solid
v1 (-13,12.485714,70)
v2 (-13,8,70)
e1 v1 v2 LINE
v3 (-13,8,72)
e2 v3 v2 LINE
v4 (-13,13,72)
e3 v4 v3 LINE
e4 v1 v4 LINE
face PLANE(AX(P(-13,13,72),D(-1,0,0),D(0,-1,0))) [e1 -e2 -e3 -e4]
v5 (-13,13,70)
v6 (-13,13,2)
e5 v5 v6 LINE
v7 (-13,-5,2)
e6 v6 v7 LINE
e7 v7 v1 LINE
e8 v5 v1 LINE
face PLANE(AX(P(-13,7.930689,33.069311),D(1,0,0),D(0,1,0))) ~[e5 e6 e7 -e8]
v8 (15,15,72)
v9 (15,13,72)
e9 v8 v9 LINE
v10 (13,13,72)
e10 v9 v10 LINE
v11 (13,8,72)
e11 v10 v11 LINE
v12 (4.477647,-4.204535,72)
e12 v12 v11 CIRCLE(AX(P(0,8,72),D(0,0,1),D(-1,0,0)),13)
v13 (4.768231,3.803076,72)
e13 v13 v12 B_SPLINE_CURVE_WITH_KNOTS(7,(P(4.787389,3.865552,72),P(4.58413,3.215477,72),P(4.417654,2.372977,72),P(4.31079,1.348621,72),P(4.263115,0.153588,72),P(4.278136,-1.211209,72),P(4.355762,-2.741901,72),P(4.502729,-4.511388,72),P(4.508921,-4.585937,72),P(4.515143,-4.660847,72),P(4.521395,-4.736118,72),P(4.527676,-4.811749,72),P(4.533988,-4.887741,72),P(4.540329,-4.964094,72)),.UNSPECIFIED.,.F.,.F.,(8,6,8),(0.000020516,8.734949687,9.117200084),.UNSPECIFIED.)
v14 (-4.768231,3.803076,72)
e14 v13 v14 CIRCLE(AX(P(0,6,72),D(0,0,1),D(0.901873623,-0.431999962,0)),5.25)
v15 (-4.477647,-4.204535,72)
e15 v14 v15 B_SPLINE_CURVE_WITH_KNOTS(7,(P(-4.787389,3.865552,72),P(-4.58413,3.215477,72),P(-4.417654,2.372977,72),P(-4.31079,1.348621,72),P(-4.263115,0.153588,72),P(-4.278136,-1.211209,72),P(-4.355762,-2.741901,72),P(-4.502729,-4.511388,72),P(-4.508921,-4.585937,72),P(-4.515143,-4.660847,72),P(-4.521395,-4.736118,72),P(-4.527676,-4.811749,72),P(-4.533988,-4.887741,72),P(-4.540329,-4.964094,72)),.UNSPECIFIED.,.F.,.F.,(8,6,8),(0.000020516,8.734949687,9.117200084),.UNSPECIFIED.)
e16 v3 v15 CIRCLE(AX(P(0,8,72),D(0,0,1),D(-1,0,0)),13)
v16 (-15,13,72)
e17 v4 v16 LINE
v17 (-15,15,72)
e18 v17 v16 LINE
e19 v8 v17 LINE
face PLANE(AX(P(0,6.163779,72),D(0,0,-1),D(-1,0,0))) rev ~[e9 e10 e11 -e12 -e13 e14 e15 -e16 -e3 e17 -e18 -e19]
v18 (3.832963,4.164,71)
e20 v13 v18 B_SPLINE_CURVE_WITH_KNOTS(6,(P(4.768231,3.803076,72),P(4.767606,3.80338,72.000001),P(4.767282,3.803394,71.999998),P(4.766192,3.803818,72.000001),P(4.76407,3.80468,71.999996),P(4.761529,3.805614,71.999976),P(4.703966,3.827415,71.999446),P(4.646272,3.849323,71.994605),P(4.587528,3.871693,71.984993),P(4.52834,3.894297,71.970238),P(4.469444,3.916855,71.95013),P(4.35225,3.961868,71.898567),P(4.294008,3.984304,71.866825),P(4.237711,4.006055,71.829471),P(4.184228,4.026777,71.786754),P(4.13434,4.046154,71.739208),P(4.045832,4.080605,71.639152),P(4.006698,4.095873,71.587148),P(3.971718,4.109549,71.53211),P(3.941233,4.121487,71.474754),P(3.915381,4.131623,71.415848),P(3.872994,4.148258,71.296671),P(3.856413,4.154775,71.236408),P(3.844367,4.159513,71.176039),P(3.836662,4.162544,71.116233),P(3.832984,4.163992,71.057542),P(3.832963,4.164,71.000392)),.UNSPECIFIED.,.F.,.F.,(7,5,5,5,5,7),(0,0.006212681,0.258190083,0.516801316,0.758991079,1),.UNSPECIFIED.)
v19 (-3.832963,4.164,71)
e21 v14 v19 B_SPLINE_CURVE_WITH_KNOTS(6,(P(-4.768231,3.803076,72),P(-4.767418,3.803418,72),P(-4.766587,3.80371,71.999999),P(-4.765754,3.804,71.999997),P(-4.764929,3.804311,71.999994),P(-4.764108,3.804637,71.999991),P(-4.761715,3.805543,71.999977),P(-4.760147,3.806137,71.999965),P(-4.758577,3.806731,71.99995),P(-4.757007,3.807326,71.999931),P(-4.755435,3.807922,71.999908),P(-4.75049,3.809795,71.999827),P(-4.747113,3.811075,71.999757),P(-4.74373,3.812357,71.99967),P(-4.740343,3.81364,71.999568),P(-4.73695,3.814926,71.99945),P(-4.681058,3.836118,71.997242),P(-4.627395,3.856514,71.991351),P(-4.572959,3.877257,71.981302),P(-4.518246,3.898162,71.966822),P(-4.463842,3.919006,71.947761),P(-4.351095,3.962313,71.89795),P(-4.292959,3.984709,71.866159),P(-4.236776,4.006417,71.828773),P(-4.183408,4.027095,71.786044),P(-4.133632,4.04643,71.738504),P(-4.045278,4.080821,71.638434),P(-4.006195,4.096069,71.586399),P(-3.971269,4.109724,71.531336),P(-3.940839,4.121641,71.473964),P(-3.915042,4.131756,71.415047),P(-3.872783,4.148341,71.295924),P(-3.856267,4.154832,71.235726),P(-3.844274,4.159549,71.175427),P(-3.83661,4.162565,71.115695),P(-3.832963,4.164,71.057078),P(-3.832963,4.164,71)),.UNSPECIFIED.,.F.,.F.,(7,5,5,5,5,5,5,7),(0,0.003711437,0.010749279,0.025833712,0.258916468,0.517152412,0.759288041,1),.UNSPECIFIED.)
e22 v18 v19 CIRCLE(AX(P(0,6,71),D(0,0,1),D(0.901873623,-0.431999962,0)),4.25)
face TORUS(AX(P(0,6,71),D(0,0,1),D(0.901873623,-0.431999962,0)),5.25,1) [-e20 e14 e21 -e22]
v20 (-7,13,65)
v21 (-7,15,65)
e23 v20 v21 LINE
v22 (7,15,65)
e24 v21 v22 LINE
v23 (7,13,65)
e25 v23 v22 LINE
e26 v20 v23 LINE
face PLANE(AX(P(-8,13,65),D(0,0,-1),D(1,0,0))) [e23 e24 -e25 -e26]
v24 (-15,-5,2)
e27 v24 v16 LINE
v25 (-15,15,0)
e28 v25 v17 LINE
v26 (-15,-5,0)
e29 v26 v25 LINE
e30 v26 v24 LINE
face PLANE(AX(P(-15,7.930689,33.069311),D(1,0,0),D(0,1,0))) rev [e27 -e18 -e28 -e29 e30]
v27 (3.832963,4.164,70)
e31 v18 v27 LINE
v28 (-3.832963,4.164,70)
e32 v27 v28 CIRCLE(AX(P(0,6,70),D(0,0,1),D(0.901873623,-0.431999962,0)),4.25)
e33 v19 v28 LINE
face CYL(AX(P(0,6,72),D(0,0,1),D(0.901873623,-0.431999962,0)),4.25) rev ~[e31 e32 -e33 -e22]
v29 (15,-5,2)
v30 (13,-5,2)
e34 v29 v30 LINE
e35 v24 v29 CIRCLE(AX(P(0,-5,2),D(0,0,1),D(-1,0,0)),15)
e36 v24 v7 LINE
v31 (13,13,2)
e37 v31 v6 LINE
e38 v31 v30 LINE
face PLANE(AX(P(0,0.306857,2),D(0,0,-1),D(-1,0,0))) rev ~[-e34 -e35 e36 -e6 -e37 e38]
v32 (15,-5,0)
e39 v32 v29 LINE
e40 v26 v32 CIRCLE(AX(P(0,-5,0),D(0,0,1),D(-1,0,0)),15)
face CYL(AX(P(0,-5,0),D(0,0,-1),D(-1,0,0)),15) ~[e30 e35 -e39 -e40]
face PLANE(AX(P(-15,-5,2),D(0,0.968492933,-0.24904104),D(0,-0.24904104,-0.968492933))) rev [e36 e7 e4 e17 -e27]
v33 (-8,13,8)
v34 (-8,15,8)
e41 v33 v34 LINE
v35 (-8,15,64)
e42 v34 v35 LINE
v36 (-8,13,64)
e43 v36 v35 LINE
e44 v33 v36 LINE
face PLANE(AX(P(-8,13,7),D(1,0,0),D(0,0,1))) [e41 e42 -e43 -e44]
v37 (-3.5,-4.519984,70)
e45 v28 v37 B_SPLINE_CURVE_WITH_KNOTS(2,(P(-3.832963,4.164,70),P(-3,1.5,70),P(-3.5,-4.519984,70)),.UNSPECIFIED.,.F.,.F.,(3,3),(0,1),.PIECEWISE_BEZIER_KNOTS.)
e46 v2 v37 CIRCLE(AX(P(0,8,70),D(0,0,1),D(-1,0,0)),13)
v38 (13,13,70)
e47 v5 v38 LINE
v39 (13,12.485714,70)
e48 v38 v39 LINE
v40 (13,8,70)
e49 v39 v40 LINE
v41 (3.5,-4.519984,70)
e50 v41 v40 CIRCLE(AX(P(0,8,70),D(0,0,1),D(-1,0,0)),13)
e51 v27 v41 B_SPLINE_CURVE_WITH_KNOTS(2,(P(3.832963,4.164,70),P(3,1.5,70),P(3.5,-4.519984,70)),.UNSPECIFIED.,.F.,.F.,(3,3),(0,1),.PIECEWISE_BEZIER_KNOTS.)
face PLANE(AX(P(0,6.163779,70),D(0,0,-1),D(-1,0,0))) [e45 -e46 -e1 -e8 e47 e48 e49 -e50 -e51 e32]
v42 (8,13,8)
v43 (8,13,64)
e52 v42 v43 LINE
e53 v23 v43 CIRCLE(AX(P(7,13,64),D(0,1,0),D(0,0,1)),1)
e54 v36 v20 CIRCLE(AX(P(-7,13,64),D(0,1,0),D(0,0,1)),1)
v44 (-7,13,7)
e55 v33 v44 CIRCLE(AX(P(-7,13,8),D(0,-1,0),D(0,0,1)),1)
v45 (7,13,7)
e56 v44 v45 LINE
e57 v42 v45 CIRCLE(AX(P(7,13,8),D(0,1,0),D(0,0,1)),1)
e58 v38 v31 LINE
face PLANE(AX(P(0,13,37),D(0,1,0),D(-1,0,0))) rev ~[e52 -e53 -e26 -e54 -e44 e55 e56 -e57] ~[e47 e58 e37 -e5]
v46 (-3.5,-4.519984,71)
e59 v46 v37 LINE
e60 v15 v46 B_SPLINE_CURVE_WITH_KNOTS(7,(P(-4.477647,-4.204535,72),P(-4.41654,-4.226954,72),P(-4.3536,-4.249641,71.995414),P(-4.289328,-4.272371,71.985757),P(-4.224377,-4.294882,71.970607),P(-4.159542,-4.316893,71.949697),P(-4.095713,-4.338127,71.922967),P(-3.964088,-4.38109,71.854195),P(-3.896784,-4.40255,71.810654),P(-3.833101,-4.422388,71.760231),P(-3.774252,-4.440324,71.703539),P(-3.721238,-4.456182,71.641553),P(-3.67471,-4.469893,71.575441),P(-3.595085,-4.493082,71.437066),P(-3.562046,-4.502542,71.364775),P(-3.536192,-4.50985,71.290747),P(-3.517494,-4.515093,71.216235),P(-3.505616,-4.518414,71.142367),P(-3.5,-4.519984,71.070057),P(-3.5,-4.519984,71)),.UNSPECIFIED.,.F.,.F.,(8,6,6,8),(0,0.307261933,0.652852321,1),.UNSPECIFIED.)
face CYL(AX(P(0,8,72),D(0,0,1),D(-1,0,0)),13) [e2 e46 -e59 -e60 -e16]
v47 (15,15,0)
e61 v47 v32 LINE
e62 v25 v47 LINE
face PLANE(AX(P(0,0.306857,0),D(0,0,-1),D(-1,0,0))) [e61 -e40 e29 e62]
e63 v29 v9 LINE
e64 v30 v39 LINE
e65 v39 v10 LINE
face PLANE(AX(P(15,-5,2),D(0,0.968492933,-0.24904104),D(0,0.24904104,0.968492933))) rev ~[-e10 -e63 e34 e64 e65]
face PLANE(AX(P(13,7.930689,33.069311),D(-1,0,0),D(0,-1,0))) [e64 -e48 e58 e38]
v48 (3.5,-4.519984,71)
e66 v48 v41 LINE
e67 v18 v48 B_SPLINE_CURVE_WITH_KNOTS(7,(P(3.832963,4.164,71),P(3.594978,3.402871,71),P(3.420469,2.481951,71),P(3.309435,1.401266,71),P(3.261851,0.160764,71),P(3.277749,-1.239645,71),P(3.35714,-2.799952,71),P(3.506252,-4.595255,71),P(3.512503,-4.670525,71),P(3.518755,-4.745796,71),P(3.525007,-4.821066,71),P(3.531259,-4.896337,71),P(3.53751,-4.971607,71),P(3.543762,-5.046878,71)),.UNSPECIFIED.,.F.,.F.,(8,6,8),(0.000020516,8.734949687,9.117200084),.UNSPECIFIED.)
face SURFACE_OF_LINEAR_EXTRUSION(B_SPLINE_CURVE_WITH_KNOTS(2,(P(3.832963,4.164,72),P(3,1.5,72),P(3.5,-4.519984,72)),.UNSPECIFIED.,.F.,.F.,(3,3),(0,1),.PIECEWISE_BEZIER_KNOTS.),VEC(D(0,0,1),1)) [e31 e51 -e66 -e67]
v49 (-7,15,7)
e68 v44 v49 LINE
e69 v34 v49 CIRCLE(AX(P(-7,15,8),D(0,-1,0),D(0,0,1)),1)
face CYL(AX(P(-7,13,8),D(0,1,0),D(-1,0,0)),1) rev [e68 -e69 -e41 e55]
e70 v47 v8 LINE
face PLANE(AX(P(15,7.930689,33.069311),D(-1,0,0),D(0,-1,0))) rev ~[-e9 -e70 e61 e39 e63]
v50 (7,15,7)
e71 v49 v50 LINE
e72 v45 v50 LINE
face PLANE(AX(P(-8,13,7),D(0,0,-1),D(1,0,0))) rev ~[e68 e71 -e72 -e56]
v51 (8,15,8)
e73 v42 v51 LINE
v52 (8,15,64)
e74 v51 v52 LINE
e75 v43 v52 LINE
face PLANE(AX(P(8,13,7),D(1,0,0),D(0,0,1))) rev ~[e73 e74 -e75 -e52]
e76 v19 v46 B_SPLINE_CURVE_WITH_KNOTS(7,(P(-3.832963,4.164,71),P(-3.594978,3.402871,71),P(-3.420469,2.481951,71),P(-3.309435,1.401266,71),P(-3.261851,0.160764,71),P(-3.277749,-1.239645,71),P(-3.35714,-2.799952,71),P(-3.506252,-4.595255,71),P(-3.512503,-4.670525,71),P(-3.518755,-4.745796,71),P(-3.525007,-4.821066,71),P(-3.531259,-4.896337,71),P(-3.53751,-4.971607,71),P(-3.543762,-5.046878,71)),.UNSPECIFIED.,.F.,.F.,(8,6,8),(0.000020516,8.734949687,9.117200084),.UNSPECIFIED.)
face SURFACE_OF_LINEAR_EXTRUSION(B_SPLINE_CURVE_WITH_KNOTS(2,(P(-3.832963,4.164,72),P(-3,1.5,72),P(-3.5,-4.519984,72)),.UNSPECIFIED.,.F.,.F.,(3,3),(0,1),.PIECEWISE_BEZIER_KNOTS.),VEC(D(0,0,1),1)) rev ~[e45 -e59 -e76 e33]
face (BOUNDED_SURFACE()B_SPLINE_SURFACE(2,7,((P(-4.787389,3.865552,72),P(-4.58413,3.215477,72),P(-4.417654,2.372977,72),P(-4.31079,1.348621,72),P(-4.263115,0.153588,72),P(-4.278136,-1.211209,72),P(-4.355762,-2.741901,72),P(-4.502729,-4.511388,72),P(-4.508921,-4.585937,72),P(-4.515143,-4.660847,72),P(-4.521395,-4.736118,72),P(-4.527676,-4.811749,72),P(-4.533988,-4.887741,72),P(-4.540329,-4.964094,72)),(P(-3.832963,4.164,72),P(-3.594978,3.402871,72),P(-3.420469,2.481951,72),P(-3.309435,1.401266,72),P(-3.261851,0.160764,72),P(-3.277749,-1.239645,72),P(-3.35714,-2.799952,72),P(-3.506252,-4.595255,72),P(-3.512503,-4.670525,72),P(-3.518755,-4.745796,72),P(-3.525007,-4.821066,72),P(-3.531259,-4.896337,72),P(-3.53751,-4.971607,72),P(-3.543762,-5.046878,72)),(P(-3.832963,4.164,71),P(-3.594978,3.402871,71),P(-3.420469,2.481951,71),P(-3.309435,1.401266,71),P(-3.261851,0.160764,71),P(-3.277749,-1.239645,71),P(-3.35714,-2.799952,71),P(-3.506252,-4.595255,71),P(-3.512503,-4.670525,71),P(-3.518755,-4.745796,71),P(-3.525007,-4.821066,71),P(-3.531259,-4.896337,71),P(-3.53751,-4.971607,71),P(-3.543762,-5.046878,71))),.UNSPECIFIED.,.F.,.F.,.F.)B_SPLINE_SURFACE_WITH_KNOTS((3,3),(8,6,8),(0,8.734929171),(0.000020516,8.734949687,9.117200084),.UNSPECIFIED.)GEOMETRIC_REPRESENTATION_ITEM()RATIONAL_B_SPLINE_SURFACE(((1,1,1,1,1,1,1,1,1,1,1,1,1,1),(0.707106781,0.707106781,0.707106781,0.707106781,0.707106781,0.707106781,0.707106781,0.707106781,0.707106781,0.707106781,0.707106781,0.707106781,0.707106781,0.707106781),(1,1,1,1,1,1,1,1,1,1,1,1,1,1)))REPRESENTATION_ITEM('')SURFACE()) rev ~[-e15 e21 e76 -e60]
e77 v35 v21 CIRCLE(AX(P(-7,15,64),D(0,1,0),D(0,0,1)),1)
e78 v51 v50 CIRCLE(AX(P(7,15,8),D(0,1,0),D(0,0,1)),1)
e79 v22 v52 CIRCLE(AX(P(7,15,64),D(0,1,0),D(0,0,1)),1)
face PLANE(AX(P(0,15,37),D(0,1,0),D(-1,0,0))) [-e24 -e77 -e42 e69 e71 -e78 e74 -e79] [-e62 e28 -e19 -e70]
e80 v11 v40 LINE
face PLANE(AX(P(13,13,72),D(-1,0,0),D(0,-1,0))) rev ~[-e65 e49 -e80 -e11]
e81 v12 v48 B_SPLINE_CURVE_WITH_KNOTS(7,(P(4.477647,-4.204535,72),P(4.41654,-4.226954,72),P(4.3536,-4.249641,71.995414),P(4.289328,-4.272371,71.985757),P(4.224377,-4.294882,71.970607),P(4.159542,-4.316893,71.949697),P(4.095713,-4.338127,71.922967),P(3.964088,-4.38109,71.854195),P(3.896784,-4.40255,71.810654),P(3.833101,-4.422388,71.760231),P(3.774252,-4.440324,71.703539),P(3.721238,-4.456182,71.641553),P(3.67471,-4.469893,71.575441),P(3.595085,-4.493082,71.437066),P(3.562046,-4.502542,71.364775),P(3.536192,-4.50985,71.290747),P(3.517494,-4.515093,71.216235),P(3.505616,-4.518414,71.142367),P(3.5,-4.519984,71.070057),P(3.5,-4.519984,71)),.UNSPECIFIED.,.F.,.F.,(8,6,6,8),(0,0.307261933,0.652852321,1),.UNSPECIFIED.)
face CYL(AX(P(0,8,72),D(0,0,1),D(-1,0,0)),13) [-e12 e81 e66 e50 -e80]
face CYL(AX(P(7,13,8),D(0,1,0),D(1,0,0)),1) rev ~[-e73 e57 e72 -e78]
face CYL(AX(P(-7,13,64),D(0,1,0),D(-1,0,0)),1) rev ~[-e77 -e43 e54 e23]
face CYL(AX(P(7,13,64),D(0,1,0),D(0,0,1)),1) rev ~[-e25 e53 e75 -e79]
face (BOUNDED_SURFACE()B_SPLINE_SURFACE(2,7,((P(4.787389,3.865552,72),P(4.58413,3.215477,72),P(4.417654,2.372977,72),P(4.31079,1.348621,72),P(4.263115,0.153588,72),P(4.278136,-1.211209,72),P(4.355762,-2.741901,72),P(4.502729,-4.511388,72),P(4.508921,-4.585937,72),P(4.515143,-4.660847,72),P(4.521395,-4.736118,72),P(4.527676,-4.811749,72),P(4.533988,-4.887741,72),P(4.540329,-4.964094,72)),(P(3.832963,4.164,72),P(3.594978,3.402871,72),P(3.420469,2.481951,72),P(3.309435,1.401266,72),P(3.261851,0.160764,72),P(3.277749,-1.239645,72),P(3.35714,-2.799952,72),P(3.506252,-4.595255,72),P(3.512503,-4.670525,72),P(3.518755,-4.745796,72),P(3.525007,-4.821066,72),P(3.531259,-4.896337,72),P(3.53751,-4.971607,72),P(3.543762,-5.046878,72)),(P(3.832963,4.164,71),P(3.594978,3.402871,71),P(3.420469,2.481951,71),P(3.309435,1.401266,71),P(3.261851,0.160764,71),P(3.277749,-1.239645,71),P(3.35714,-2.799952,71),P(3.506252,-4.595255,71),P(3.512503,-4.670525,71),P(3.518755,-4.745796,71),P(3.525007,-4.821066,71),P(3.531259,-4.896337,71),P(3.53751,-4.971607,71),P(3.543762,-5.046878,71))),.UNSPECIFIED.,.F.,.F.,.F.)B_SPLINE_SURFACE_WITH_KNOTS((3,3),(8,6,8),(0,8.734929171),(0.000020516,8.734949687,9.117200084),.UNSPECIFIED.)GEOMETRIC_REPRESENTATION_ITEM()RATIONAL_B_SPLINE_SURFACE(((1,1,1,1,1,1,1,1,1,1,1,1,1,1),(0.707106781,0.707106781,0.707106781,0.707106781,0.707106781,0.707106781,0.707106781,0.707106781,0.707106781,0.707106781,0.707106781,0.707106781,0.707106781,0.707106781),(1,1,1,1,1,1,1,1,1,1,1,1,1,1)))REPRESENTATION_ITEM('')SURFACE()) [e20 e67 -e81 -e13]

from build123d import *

# Parameters (mm, degrees)
PAD_DEPTH       = 2
SKETCH001_W     = 30
SKETCH001_H     = 70
PAD001_DEPTH    = 2
PAD002_DEPTH    = 2
PAD003_DEPTH    = 2
POCKET_DEPTH    = 2
SKETCH005_W     = 16
SKETCH005_H     = 58
POCKET001_DEPTH = 2
FILLET_R        = 1
FILLET001_R     = 1


with BuildPart() as part:
    # Sketch → Pad (new body)
    with BuildSketch(Plane.XY):
        with BuildLine():
            Line((-15, -5), (-15, 15))
            Line((-15, 15), (15, 15))
            Line((15, 15), (15, -5))
            ThreePointArc((-15, -5), (0, -20), (15, -5))
        make_face()
    extrude(amount=PAD_DEPTH)

    # Sketch001 (on Face2 of Pad) → Pad001 (join)
    with BuildSketch(Plane(origin=(0, 15, 0), x_dir=(-1, 0, 0), z_dir=(0, 1, 0))):
        with Locations((0, 37)):
            Rectangle(SKETCH001_W, SKETCH001_H)
    extrude(amount=-PAD001_DEPTH)

    # Sketch002 (on Face11 of Pad001) → Pad002 (join)
    with BuildSketch(Plane.YZ.offset(15)):
        Polygon((13, 72), (13, 2), (-5, 2), align=None)
    pad002 = extrude(amount=-PAD002_DEPTH)

    # Mirrored: Pad002 across YZ
    add(pad002.mirror(Plane.YZ))

    # Sketch003 (on Face11 of Mirrored) → Pad003 (join)
    with BuildSketch(Plane.XY.offset(72)):
        with BuildLine():
            Line((-13, 13), (13, 13))
            Line((13, 13), (13, 8))
            ThreePointArc((-13, 8), (0, -5), (13, 8))
            Line((-13, 13), (-13, 8))
        make_face()
    extrude(amount=-PAD003_DEPTH)

    # Sketch004 (on Face19 of Pad003) → Pocket (cut)
    with BuildSketch(Plane.XY.offset(72)):
        with BuildLine():
            ThreePointArc((3.832963, 4.164), (0, 10.25), (-3.832963, 4.164))
            add(Edge.make_bspline(
                [(-3.832963, 4.164), (-3, 1.5), (-3.5, -4.519984)],
                knots=[0, 0, 0, 1, 1, 1], degree=2))
            ThreePointArc((-3.5, -4.519984), (0, -5), (3.5, -4.519984))
            add(Edge.make_bspline(
                [(3.832963, 4.164), (3, 1.5), (3.5, -4.519984)],
                knots=[0, 0, 0, 1, 1, 1], degree=2))
        make_face()
    extrude(amount=-POCKET_DEPTH, mode=Mode.SUBTRACT)

    # Sketch005 (on Face17 of Pocket) → Pocket001 (cut)
    with BuildSketch(Plane.XZ.offset(-13)):
        with Locations((0, 36)):
            Rectangle(SKETCH005_W, SKETCH005_H)
    extrude(amount=-POCKET001_DEPTH, mode=Mode.SUBTRACT)

    # Fillet
    fillet_edges = [part.edges().sort_by_distance(p)[0] for p in [
        (-3.31397, -0.158011, 72),
        (0, 10.25, 72),
        (3.31397, -0.158011, 72),
    ]]
    fillet(fillet_edges, radius=FILLET_R)

    # Fillet001
    fillet001_edges = [part.edges().sort_by_distance(p)[0] for p in [
        (-8, 14, 7),
        (8, 14, 7),
        (8, 14, 65),
        (-8, 14, 65),
    ]]
    fillet(fillet001_edges, radius=FILLET001_R)


solid = part.part
